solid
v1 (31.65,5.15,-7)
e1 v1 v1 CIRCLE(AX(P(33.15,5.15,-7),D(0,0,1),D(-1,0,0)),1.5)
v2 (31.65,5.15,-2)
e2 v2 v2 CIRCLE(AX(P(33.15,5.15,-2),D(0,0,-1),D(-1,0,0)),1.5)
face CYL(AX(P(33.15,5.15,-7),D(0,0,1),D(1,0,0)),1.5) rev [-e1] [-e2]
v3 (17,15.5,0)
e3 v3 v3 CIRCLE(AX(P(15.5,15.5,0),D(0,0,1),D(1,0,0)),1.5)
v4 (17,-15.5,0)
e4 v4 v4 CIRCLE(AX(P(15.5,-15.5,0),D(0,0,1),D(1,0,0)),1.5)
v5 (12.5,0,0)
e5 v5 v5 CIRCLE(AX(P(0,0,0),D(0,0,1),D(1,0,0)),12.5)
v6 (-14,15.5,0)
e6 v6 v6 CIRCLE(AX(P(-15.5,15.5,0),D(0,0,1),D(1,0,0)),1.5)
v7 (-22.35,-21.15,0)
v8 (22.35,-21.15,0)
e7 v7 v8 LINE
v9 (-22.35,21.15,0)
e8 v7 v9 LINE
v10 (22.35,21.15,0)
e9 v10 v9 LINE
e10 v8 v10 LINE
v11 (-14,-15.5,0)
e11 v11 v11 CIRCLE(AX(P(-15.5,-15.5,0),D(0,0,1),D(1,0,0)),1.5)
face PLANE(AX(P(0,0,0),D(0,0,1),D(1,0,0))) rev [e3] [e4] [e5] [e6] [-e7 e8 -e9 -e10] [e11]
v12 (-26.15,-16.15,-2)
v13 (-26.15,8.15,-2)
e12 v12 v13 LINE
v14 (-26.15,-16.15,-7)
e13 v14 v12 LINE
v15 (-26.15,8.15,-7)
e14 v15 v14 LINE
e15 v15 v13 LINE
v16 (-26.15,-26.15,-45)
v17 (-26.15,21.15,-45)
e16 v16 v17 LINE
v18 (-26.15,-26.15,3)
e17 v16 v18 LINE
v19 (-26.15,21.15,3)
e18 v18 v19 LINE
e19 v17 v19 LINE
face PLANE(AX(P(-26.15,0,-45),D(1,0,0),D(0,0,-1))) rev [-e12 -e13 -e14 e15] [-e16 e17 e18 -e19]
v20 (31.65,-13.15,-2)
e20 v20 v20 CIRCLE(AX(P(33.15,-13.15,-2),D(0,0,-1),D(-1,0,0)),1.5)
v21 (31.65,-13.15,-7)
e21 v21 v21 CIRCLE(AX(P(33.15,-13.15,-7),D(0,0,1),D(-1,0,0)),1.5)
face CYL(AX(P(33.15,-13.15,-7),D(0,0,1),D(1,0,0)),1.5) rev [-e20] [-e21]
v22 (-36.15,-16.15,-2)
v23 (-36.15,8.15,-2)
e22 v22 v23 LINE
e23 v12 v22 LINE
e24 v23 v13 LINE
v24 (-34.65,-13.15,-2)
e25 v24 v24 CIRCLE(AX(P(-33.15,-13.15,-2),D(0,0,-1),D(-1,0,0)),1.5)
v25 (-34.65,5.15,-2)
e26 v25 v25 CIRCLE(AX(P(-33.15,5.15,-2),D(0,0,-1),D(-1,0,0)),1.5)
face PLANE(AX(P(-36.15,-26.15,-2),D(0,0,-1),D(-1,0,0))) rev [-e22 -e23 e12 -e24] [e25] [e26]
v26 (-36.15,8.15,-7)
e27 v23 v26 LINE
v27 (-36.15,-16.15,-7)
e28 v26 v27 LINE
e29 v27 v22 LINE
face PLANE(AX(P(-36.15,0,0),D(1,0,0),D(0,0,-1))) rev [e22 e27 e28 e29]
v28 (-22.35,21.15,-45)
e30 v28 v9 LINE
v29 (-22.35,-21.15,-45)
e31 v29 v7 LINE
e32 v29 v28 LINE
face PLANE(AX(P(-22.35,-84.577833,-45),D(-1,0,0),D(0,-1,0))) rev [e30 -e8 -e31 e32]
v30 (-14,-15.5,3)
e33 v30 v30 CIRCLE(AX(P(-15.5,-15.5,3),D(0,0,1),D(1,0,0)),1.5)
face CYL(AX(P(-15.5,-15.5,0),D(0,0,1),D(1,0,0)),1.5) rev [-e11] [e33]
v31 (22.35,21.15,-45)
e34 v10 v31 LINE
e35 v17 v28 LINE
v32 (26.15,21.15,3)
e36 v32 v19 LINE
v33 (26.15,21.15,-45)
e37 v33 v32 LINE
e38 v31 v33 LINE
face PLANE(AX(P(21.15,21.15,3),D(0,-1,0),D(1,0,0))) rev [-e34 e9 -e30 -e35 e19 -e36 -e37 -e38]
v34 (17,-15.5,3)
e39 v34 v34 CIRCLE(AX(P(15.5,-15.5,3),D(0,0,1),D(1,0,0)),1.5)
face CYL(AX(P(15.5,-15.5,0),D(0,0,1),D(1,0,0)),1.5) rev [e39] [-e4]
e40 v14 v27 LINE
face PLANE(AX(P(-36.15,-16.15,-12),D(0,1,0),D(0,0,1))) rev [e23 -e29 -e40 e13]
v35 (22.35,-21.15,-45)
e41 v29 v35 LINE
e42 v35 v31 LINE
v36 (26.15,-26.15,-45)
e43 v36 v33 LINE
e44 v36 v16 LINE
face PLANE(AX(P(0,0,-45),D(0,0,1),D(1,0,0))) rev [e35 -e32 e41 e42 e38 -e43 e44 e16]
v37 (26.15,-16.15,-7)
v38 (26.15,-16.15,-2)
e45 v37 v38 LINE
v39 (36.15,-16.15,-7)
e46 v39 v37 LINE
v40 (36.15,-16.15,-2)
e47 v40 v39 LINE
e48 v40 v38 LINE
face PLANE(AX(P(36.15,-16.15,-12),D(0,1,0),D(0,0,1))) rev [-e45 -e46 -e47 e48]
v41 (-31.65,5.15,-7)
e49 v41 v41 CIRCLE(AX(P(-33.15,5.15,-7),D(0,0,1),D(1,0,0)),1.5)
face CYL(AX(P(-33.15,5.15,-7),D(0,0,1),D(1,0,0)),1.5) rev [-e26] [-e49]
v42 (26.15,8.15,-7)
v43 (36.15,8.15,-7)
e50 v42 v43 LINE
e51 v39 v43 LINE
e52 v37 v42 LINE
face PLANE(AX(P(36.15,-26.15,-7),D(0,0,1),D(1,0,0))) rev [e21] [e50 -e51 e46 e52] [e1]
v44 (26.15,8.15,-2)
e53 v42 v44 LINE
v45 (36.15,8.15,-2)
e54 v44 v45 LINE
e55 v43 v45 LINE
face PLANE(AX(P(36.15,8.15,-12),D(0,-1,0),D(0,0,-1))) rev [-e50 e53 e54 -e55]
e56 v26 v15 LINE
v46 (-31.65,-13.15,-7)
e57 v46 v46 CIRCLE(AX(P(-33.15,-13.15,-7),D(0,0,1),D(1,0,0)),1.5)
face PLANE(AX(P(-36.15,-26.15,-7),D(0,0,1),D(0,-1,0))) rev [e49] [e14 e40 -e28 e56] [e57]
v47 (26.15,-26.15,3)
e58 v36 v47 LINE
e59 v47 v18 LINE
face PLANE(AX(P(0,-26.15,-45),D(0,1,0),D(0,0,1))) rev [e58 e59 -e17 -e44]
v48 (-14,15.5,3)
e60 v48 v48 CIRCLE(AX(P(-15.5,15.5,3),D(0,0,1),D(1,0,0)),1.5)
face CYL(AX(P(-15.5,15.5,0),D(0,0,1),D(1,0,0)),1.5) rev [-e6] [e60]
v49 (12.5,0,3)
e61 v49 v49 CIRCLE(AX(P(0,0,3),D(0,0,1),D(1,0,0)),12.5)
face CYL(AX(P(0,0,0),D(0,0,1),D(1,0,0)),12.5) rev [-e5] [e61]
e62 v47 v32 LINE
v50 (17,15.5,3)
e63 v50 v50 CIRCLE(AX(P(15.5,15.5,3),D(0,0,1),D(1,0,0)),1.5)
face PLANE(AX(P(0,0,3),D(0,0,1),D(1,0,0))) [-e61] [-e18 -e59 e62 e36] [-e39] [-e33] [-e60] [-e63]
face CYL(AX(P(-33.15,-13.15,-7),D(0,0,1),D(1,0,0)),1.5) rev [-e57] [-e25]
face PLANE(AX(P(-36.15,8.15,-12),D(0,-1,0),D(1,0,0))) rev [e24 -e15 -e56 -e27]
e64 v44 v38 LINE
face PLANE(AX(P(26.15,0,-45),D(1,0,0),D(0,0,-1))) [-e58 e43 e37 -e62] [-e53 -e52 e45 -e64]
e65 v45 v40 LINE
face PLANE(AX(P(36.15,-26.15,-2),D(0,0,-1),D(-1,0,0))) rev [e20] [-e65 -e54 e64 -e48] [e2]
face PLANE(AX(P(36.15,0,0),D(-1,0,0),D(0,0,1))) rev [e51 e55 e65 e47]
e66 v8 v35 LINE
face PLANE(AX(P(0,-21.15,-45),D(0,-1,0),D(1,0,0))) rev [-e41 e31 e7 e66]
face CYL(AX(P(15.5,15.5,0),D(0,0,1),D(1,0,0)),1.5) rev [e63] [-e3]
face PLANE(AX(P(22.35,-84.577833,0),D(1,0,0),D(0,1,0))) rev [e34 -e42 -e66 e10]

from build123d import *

# Parameters (mm, degrees)
SKETCH_1_W          = 42.3
SKETCH_1_H          = 42.3
EXTRUDE_1_DEPTH     = 3
SKETCH_2_R          = 1.5
CUT_EXTRUDE_1_DEPTH = 3
SKETCH_3_R          = 12.5
CUT_EXTRUDE_2_DEPTH = 3
EXTRUDE_2_DEPTH     = 48
SKETCH_5_W          = 5
SKETCH_5_H          = 47.3
EXTRUDE_3_DEPTH     = 10
SKETCH_6_W          = 5
SKETCH_6_H          = 47.3
EXTRUDE_4_DEPTH     = 10
SKETCH_7_R          = 1.5
CUT_EXTRUDE_3_DEPTH = 10
SKETCH_8_W          = 44.7
SKETCH_8_H          = 45
CUT_EXTRUDE_4_DEPTH = 42.3
SKETCH_10_W         = 10
SKETCH_10_H         = 13
SKETCH_10_H_2       = 10
CUT_EXTRUDE_5_DEPTH = 10


with BuildPart() as part:
    # 草图1 → 凸台-拉伸1 (new body)
    with BuildSketch(Plane.XY):
        Rectangle(SKETCH_1_W, SKETCH_1_H)
    extrude(amount=EXTRUDE_1_DEPTH)

    # 草图2 → 切除-拉伸1 (cut)
    with BuildSketch(Plane.XY.offset(3)):
        with Locations((-15.5, 15.5)):
            Circle(SKETCH_2_R)
        with Locations((15.5, 15.5)):
            Circle(SKETCH_2_R)
        with Locations((15.5, -15.5)):
            Circle(SKETCH_2_R)
        with Locations((-15.5, -15.5)):
            Circle(SKETCH_2_R)
    extrude(amount=-CUT_EXTRUDE_1_DEPTH, mode=Mode.SUBTRACT)

    # 草图3 → 切除-拉伸2 (cut)
    with BuildSketch(Plane.XY.offset(3)):
        Circle(SKETCH_3_R)
    extrude(amount=-CUT_EXTRUDE_2_DEPTH, mode=Mode.SUBTRACT)

    # 草图4 → 凸台-拉伸2 (add)
    with BuildSketch(Plane.XY.offset(3)):
        Polygon((-26.15, -26.15), (26.15, -26.15), (26.15, 21.15), (21.15, 21.15), (21.15, -21.15), (-21.15, -21.15), (-21.15, 21.15), (-26.15, 21.15), align=None)
    extrude(amount=-EXTRUDE_2_DEPTH)

    # 草图5 → 凸台-拉伸3 (add)
    with BuildSketch(Plane.ZY.offset(26.15)):
        with Locations((-4.5, -2.5)):
            Rectangle(SKETCH_5_W, SKETCH_5_H)
    extrude(amount=EXTRUDE_3_DEPTH)

    # 草图6 → 凸台-拉伸4 (add)
    with BuildSketch(Plane(origin=(26.15, 0, 0), x_dir=(0, 0, -1), z_dir=(1, 0, 0))):
        with Locations((4.5, -2.5)):
            Rectangle(SKETCH_6_W, SKETCH_6_H)
    extrude(amount=EXTRUDE_4_DEPTH)

    # 草图7 → 切除-拉伸3 (cut)
    with BuildSketch(Plane.XY.offset(3)):
        with Locations((-33.15, -13.15)):
            Circle(SKETCH_7_R)
        with Locations((-33.15, 5.15)):
            Circle(SKETCH_7_R)
        with Locations(Location((33.15, -13.15, 0), (0, 0, 180))):
            Circle(SKETCH_7_R)
        with Locations(Location((33.15, 5.15, 0), (0, 0, 180))):
            Circle(SKETCH_7_R)
    extrude(amount=-CUT_EXTRUDE_3_DEPTH, mode=Mode.SUBTRACT)

    # 草图8 → 切除-拉伸4 (cut)
    with BuildSketch(Plane(origin=(0, 21.15, 0), x_dir=(1, 0, 0), z_dir=(0, 1, 0))):
        with Locations((0, 22.5)):
            Rectangle(SKETCH_8_W, SKETCH_8_H)
    extrude(amount=-CUT_EXTRUDE_4_DEPTH, mode=Mode.SUBTRACT)

    # 草图10 → 切除-拉伸5 (cut)
    with BuildSketch(Plane.XY.offset(-2)):
        with Locations((-31.15, 14.65)):
            Rectangle(SKETCH_10_W, SKETCH_10_H)
        with Locations((31.15, 14.65)):
            Rectangle(SKETCH_10_W, SKETCH_10_H)
        with Locations((-31.15, -21.15)):
            Rectangle(SKETCH_10_W, SKETCH_10_H_2)
        with Locations((31.15, -21.15)):
            Rectangle(SKETCH_10_W, SKETCH_10_H_2)
    extrude(amount=-CUT_EXTRUDE_5_DEPTH, mode=Mode.SUBTRACT)


solid = part.part
